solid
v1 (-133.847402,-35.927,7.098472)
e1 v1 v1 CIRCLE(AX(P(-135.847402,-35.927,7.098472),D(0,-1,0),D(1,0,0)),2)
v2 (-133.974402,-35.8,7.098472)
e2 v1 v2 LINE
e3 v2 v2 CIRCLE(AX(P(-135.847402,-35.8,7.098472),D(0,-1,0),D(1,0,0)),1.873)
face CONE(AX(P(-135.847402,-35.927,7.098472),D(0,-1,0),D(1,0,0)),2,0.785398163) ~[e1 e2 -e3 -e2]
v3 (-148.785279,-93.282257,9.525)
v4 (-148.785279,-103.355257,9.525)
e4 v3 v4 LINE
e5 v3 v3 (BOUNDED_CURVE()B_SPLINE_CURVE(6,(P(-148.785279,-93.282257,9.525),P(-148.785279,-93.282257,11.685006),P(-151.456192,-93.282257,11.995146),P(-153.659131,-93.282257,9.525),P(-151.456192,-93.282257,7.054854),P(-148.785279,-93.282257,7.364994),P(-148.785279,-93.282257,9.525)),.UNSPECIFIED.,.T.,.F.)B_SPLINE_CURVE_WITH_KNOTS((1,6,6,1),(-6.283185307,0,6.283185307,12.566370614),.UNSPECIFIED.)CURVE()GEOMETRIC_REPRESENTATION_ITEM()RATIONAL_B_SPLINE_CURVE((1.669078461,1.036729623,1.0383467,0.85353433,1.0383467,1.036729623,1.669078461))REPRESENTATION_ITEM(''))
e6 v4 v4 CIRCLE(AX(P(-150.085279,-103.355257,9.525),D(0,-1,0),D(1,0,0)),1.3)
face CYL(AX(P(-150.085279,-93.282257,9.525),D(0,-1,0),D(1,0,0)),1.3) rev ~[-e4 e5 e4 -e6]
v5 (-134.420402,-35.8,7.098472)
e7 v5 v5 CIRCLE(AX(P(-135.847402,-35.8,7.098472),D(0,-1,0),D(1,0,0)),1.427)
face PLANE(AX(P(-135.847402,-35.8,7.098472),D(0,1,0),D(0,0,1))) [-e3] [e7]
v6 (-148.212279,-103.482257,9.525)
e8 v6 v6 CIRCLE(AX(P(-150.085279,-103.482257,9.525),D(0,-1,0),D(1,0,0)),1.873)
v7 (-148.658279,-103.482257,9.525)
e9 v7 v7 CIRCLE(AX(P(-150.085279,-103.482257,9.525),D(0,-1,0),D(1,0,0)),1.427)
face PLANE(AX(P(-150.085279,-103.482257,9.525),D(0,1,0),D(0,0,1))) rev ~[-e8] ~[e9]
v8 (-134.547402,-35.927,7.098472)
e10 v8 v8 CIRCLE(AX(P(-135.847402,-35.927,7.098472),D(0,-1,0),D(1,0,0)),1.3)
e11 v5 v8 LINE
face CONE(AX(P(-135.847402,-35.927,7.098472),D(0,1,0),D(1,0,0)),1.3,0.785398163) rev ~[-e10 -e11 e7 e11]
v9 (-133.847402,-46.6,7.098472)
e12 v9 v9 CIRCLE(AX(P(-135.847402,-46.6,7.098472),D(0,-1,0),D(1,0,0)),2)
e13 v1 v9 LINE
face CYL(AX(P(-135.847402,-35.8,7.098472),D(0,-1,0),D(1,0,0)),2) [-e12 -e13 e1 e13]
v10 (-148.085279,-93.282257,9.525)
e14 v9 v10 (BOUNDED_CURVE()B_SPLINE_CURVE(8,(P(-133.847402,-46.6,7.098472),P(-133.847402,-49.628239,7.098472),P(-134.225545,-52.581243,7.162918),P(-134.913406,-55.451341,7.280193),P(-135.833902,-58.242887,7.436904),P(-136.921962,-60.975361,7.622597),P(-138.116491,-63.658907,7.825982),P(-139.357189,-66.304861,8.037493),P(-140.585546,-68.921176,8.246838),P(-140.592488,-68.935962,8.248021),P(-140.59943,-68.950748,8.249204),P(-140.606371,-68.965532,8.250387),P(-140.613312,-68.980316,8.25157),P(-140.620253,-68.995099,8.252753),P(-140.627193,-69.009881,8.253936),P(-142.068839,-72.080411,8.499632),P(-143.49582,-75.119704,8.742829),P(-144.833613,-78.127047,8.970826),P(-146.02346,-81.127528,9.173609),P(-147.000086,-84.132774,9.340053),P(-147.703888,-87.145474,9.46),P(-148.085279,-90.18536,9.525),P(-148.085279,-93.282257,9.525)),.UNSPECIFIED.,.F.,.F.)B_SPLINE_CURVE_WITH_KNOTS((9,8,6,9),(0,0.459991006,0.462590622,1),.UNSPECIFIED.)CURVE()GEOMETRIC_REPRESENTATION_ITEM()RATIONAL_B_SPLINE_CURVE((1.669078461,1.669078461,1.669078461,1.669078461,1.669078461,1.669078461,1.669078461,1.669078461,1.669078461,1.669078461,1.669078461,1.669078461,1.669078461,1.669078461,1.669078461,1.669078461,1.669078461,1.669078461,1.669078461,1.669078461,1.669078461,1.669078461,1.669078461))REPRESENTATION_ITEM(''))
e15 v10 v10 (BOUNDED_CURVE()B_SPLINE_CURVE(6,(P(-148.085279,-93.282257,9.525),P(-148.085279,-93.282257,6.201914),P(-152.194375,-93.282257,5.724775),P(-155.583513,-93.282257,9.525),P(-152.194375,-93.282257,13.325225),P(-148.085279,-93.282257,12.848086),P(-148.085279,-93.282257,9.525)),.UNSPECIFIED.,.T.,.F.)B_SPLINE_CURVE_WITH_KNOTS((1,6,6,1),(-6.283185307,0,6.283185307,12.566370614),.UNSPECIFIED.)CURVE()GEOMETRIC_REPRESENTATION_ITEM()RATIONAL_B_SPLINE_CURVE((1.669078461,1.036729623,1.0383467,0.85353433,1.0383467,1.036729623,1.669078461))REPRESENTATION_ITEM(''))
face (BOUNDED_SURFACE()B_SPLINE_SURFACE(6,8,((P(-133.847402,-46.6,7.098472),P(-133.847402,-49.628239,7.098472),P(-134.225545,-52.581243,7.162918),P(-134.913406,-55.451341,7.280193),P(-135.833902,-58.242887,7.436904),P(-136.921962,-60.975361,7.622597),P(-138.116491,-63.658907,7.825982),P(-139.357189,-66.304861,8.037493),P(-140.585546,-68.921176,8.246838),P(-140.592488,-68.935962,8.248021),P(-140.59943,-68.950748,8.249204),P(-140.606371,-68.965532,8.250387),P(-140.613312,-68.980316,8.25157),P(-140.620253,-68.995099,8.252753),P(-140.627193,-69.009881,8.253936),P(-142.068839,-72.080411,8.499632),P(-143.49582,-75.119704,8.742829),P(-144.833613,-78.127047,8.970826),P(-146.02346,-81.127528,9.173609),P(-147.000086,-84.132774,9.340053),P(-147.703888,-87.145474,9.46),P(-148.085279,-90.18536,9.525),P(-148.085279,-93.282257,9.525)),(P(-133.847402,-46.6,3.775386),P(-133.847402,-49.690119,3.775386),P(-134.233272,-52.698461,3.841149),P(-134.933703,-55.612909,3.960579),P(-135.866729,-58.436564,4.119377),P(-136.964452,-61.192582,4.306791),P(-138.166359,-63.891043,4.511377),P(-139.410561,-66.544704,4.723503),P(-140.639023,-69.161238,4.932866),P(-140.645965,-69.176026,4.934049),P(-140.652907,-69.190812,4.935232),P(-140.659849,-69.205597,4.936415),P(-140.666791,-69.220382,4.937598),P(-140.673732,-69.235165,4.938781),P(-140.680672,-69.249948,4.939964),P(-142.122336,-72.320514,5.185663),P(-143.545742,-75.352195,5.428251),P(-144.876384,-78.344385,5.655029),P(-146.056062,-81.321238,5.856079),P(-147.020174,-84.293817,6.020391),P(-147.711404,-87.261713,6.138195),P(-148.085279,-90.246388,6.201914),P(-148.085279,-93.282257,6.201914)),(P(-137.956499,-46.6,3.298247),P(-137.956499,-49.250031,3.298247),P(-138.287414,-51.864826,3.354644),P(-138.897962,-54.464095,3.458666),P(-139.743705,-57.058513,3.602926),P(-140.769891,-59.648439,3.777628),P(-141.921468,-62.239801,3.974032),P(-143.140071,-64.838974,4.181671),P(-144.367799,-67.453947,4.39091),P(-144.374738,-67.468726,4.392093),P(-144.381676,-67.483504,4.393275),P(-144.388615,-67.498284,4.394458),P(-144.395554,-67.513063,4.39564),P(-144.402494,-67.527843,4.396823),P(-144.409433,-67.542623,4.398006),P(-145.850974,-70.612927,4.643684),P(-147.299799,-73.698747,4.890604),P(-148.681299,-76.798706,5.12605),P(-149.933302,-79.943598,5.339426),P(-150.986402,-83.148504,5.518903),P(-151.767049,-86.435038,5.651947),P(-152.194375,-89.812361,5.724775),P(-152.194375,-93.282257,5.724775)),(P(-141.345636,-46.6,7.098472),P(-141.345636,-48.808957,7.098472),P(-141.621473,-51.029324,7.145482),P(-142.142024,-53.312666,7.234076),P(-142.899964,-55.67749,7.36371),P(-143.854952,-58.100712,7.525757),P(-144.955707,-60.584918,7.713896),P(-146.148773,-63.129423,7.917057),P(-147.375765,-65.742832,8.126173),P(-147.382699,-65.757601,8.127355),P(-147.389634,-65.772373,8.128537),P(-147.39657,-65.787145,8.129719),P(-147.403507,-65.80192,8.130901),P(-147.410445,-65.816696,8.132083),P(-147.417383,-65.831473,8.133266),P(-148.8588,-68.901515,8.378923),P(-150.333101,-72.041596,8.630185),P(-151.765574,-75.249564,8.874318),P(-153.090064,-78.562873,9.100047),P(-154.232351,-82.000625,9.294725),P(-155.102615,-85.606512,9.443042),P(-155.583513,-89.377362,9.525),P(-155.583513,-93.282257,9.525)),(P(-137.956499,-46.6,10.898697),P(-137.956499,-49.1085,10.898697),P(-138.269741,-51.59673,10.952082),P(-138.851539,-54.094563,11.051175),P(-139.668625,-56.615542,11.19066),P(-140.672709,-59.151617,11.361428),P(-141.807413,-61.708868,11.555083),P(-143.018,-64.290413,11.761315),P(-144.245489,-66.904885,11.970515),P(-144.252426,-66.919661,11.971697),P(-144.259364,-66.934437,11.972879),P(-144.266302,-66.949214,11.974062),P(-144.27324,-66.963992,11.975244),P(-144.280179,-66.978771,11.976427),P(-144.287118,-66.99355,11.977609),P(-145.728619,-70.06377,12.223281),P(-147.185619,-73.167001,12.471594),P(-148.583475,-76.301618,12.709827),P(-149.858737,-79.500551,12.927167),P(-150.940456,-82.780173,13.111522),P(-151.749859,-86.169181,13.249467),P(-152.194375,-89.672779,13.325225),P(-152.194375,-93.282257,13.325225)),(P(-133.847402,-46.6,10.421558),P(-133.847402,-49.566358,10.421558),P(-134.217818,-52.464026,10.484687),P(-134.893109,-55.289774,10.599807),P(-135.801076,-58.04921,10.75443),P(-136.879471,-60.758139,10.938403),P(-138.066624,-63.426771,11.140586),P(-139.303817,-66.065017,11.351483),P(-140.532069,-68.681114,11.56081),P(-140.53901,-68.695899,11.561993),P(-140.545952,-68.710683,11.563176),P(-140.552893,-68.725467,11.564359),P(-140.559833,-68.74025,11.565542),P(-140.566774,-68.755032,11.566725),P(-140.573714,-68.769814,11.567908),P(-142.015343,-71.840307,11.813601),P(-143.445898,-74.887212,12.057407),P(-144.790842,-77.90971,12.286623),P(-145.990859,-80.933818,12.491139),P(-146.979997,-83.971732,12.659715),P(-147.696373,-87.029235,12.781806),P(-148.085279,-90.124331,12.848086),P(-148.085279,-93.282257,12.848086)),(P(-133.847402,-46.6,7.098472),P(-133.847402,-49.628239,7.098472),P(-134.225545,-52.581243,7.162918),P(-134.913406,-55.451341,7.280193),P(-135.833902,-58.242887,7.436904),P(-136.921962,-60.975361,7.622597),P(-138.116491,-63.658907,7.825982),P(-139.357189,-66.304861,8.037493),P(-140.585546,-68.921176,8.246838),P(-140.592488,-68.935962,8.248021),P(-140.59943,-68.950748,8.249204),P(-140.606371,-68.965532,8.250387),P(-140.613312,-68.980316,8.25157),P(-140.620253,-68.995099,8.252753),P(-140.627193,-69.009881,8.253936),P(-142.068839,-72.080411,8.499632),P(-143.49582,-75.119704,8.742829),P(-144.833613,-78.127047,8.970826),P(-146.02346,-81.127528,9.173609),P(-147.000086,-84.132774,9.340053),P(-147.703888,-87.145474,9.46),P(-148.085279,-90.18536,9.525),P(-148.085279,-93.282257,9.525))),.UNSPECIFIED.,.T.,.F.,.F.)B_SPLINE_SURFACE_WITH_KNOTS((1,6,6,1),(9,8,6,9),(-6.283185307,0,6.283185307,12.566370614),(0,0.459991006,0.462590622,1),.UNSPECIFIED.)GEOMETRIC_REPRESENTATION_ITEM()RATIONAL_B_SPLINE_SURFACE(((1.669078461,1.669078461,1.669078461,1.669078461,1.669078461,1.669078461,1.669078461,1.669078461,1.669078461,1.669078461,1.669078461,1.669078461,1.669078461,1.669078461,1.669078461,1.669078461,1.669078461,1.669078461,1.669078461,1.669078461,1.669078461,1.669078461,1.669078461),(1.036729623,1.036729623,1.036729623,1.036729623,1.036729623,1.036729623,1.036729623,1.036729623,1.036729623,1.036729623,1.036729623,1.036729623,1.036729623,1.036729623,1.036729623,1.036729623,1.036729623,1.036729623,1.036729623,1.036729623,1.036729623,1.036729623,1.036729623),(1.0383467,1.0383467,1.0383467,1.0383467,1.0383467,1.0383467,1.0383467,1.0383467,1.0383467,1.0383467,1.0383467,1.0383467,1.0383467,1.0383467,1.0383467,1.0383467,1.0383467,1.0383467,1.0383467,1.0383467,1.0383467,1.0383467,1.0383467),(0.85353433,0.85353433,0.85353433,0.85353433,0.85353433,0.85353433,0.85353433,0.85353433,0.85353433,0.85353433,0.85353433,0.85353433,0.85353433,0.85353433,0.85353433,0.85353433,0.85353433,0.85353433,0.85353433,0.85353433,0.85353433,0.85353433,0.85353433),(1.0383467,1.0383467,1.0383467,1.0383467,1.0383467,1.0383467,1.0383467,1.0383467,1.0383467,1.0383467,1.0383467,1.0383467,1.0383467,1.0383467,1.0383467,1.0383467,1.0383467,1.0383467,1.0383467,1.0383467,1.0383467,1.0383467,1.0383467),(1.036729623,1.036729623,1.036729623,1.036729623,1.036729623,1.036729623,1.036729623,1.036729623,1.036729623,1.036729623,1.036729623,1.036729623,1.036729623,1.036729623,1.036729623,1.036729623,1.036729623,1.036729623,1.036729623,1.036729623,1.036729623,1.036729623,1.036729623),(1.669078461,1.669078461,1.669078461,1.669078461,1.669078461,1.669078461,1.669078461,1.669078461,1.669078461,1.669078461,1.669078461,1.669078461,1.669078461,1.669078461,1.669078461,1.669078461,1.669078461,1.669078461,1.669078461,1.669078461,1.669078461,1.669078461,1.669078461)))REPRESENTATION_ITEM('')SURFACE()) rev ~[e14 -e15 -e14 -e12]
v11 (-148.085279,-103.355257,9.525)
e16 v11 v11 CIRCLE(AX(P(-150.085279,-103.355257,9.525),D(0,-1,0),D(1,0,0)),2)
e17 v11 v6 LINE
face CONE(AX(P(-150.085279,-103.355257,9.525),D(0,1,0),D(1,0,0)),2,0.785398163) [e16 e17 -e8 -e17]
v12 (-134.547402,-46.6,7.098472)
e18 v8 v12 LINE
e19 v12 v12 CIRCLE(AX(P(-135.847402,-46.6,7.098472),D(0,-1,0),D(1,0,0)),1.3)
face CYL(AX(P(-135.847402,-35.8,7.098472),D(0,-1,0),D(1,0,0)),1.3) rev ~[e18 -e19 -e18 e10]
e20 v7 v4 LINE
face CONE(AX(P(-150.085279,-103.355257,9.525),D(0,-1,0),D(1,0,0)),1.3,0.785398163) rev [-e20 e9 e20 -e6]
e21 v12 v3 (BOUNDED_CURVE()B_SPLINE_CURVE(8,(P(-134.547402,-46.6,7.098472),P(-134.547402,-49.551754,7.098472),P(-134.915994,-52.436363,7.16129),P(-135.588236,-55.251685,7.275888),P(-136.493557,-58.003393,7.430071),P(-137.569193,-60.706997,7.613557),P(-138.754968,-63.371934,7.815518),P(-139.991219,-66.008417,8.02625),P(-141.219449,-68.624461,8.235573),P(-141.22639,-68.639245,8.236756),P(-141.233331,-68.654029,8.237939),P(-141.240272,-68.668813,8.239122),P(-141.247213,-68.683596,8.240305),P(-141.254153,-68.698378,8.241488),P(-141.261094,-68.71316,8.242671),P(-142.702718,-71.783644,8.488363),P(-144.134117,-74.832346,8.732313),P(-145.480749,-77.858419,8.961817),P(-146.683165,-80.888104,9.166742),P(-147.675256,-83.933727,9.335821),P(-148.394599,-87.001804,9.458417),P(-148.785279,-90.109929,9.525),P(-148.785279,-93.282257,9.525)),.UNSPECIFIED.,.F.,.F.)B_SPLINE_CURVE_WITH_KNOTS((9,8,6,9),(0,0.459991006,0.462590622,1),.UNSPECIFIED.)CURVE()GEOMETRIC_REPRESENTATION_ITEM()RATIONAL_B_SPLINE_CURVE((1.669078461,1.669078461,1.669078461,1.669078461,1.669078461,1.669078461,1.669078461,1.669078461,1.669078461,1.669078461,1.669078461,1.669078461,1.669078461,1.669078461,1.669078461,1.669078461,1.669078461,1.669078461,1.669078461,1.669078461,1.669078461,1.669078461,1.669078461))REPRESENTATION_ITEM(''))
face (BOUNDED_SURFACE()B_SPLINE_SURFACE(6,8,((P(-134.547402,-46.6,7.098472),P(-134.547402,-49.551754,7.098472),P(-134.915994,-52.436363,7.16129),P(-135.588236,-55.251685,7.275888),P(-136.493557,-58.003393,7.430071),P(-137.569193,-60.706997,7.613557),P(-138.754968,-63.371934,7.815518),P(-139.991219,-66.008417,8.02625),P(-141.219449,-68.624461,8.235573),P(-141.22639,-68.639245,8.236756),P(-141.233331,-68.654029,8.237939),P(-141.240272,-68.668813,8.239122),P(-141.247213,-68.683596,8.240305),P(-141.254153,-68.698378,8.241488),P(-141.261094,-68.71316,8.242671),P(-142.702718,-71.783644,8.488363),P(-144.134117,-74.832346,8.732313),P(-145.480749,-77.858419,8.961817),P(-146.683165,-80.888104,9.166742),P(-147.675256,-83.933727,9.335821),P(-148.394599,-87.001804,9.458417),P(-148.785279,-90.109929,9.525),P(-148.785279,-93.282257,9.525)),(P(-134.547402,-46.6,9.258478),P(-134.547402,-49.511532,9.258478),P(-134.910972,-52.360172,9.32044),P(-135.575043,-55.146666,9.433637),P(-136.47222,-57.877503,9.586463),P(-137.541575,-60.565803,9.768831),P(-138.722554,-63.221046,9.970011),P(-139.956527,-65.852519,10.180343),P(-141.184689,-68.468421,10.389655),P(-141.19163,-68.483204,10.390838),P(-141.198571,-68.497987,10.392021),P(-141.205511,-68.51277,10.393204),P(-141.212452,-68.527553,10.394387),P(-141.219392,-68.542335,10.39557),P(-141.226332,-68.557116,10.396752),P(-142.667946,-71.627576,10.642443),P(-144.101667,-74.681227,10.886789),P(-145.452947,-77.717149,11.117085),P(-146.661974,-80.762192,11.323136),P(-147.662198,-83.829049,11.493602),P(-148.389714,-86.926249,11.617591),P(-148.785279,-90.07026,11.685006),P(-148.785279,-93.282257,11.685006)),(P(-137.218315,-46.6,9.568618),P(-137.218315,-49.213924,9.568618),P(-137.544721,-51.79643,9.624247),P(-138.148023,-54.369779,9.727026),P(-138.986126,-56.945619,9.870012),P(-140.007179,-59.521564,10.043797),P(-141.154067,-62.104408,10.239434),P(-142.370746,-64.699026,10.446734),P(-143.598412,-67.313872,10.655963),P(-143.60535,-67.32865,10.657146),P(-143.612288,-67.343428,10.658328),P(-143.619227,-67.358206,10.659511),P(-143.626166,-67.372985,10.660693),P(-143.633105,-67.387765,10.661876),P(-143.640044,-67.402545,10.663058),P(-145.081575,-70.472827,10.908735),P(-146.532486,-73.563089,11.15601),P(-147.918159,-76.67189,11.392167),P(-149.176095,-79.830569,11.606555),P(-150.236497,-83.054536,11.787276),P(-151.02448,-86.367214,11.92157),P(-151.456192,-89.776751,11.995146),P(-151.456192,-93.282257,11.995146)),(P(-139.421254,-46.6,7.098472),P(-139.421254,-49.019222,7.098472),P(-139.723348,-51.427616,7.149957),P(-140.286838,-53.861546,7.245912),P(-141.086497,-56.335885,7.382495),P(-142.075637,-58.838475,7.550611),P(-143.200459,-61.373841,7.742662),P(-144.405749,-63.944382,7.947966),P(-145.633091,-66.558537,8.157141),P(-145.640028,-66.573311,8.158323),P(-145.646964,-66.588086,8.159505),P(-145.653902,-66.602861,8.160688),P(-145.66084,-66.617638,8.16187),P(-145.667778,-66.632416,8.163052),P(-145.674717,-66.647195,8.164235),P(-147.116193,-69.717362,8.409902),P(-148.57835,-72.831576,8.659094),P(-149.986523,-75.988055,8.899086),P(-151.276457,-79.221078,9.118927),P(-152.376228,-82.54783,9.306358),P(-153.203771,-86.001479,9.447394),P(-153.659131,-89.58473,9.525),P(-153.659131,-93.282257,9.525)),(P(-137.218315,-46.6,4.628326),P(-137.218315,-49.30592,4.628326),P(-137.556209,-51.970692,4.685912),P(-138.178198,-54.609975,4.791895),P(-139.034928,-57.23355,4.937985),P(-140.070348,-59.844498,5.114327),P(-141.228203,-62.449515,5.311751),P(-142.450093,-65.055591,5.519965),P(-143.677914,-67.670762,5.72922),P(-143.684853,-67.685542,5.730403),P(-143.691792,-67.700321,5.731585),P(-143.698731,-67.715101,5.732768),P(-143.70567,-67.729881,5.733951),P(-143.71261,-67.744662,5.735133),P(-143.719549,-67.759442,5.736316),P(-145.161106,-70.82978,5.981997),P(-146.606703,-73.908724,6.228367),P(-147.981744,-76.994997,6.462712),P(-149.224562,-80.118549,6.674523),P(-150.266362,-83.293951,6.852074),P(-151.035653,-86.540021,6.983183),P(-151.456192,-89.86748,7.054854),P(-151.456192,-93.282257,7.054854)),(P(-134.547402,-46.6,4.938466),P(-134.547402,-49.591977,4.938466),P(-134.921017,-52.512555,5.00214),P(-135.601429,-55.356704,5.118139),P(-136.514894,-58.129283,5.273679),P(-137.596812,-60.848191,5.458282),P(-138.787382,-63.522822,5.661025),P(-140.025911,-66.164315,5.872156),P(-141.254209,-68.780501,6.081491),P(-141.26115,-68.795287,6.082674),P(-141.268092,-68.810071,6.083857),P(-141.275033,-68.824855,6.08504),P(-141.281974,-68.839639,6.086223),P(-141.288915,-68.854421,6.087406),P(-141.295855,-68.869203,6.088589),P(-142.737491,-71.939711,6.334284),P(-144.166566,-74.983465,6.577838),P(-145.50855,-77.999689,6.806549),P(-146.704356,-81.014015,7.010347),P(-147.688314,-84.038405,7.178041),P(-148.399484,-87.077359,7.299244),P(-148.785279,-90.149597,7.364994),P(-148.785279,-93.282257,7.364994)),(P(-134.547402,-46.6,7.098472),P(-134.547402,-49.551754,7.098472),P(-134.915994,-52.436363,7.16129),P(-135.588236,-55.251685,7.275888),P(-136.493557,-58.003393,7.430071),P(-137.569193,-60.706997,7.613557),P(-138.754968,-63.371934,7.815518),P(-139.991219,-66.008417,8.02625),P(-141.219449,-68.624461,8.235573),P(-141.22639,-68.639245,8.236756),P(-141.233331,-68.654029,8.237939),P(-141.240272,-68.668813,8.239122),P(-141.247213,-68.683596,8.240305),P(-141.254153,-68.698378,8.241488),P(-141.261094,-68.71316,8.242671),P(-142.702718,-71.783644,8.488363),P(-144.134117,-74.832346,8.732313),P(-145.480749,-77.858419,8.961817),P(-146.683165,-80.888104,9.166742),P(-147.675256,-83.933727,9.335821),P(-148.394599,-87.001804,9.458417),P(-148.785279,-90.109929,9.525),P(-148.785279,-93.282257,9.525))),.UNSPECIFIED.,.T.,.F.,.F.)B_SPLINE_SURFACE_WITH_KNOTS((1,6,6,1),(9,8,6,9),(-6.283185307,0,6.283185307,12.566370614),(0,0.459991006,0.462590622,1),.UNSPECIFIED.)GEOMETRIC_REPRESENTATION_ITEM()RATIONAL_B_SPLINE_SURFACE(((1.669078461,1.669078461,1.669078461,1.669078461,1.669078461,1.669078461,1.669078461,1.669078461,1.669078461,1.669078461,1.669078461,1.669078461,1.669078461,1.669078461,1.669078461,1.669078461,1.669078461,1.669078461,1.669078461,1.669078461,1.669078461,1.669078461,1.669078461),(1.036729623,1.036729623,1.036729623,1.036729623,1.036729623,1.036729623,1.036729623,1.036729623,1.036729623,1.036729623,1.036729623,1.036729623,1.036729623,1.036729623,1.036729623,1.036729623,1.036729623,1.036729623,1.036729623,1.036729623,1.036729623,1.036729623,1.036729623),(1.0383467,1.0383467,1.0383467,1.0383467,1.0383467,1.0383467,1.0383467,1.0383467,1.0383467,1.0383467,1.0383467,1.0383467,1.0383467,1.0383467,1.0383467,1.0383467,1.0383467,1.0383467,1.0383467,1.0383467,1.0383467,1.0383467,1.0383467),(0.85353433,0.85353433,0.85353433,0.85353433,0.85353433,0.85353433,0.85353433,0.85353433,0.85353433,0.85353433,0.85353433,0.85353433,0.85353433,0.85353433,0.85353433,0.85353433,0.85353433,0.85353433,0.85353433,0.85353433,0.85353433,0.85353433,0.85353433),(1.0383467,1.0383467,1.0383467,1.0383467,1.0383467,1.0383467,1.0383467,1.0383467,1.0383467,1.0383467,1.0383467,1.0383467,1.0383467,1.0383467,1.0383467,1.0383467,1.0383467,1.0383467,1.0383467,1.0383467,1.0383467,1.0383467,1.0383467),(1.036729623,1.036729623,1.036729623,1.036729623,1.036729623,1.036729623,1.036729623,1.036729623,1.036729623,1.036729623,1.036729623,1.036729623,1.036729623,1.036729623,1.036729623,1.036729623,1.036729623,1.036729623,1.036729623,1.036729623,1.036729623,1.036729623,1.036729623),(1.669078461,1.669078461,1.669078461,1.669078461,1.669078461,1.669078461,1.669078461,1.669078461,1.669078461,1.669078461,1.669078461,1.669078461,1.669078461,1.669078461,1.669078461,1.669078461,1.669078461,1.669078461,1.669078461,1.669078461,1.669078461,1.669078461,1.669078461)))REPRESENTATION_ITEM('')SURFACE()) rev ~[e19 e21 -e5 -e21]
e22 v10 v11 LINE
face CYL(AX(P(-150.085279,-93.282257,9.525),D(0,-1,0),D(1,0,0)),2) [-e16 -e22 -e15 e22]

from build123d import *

# Parameters (mm, degrees)
SKETCH1_R     = 2
SKETCH1_R_2   = 1.3
CHAMFER1_SIZE = 0.127


with BuildPart() as part:
    # Sweep1: sweep along a curve in space
    with BuildLine() as sweep1_path:
        Line((-150.085279081, -93.282256564, 9.525), (-150.085279081, -103.482256564, 9.525))
        add(Edge.make_bspline(
            [(-135.847402149, -46.6, 7.098471947), (-135.847402149, -54.092565649, 7.098471947), (-142.966340615, -69.323468786, 8.311735973), (-150.085279081, -84.406424725, 9.525), (-150.085279081, -93.282256564, 9.525)],
            knots=[0, 0, 0, 0, 0.459991006, 1, 1, 1, 1], degree=3))
        Line((-135.847402149, -35.8, 7.098471947), (-135.847402149, -46.6, 7.098471947))
    # Sketch1 → Sweep1 (sweep)
    with BuildSketch(Plane(origin=(0, -95.382256564, 0), x_dir=(1, 0, 0), z_dir=(0, 1, 0))):
        with Locations((-150.085279081, -9.525)):
            Circle(SKETCH1_R)
        with Locations((-150.085279081, -9.525)):
            Circle(SKETCH1_R_2, mode=Mode.SUBTRACT)
    sweep(path=sweep1_path.line)

    # Chamfer1
    chamfer1_edges = [part.edges().sort_by_distance(p)[0] for p in [
        (-137.147402149, -35.8, 7.098471947),
        (-137.847402149, -35.8, 7.098471947),
        (-151.385279081, -103.482256564, 9.525),
        (-152.085279081, -103.482256564, 9.525),
    ]]
    chamfer(chamfer1_edges, length=CHAMFER1_SIZE)


solid = part.part
